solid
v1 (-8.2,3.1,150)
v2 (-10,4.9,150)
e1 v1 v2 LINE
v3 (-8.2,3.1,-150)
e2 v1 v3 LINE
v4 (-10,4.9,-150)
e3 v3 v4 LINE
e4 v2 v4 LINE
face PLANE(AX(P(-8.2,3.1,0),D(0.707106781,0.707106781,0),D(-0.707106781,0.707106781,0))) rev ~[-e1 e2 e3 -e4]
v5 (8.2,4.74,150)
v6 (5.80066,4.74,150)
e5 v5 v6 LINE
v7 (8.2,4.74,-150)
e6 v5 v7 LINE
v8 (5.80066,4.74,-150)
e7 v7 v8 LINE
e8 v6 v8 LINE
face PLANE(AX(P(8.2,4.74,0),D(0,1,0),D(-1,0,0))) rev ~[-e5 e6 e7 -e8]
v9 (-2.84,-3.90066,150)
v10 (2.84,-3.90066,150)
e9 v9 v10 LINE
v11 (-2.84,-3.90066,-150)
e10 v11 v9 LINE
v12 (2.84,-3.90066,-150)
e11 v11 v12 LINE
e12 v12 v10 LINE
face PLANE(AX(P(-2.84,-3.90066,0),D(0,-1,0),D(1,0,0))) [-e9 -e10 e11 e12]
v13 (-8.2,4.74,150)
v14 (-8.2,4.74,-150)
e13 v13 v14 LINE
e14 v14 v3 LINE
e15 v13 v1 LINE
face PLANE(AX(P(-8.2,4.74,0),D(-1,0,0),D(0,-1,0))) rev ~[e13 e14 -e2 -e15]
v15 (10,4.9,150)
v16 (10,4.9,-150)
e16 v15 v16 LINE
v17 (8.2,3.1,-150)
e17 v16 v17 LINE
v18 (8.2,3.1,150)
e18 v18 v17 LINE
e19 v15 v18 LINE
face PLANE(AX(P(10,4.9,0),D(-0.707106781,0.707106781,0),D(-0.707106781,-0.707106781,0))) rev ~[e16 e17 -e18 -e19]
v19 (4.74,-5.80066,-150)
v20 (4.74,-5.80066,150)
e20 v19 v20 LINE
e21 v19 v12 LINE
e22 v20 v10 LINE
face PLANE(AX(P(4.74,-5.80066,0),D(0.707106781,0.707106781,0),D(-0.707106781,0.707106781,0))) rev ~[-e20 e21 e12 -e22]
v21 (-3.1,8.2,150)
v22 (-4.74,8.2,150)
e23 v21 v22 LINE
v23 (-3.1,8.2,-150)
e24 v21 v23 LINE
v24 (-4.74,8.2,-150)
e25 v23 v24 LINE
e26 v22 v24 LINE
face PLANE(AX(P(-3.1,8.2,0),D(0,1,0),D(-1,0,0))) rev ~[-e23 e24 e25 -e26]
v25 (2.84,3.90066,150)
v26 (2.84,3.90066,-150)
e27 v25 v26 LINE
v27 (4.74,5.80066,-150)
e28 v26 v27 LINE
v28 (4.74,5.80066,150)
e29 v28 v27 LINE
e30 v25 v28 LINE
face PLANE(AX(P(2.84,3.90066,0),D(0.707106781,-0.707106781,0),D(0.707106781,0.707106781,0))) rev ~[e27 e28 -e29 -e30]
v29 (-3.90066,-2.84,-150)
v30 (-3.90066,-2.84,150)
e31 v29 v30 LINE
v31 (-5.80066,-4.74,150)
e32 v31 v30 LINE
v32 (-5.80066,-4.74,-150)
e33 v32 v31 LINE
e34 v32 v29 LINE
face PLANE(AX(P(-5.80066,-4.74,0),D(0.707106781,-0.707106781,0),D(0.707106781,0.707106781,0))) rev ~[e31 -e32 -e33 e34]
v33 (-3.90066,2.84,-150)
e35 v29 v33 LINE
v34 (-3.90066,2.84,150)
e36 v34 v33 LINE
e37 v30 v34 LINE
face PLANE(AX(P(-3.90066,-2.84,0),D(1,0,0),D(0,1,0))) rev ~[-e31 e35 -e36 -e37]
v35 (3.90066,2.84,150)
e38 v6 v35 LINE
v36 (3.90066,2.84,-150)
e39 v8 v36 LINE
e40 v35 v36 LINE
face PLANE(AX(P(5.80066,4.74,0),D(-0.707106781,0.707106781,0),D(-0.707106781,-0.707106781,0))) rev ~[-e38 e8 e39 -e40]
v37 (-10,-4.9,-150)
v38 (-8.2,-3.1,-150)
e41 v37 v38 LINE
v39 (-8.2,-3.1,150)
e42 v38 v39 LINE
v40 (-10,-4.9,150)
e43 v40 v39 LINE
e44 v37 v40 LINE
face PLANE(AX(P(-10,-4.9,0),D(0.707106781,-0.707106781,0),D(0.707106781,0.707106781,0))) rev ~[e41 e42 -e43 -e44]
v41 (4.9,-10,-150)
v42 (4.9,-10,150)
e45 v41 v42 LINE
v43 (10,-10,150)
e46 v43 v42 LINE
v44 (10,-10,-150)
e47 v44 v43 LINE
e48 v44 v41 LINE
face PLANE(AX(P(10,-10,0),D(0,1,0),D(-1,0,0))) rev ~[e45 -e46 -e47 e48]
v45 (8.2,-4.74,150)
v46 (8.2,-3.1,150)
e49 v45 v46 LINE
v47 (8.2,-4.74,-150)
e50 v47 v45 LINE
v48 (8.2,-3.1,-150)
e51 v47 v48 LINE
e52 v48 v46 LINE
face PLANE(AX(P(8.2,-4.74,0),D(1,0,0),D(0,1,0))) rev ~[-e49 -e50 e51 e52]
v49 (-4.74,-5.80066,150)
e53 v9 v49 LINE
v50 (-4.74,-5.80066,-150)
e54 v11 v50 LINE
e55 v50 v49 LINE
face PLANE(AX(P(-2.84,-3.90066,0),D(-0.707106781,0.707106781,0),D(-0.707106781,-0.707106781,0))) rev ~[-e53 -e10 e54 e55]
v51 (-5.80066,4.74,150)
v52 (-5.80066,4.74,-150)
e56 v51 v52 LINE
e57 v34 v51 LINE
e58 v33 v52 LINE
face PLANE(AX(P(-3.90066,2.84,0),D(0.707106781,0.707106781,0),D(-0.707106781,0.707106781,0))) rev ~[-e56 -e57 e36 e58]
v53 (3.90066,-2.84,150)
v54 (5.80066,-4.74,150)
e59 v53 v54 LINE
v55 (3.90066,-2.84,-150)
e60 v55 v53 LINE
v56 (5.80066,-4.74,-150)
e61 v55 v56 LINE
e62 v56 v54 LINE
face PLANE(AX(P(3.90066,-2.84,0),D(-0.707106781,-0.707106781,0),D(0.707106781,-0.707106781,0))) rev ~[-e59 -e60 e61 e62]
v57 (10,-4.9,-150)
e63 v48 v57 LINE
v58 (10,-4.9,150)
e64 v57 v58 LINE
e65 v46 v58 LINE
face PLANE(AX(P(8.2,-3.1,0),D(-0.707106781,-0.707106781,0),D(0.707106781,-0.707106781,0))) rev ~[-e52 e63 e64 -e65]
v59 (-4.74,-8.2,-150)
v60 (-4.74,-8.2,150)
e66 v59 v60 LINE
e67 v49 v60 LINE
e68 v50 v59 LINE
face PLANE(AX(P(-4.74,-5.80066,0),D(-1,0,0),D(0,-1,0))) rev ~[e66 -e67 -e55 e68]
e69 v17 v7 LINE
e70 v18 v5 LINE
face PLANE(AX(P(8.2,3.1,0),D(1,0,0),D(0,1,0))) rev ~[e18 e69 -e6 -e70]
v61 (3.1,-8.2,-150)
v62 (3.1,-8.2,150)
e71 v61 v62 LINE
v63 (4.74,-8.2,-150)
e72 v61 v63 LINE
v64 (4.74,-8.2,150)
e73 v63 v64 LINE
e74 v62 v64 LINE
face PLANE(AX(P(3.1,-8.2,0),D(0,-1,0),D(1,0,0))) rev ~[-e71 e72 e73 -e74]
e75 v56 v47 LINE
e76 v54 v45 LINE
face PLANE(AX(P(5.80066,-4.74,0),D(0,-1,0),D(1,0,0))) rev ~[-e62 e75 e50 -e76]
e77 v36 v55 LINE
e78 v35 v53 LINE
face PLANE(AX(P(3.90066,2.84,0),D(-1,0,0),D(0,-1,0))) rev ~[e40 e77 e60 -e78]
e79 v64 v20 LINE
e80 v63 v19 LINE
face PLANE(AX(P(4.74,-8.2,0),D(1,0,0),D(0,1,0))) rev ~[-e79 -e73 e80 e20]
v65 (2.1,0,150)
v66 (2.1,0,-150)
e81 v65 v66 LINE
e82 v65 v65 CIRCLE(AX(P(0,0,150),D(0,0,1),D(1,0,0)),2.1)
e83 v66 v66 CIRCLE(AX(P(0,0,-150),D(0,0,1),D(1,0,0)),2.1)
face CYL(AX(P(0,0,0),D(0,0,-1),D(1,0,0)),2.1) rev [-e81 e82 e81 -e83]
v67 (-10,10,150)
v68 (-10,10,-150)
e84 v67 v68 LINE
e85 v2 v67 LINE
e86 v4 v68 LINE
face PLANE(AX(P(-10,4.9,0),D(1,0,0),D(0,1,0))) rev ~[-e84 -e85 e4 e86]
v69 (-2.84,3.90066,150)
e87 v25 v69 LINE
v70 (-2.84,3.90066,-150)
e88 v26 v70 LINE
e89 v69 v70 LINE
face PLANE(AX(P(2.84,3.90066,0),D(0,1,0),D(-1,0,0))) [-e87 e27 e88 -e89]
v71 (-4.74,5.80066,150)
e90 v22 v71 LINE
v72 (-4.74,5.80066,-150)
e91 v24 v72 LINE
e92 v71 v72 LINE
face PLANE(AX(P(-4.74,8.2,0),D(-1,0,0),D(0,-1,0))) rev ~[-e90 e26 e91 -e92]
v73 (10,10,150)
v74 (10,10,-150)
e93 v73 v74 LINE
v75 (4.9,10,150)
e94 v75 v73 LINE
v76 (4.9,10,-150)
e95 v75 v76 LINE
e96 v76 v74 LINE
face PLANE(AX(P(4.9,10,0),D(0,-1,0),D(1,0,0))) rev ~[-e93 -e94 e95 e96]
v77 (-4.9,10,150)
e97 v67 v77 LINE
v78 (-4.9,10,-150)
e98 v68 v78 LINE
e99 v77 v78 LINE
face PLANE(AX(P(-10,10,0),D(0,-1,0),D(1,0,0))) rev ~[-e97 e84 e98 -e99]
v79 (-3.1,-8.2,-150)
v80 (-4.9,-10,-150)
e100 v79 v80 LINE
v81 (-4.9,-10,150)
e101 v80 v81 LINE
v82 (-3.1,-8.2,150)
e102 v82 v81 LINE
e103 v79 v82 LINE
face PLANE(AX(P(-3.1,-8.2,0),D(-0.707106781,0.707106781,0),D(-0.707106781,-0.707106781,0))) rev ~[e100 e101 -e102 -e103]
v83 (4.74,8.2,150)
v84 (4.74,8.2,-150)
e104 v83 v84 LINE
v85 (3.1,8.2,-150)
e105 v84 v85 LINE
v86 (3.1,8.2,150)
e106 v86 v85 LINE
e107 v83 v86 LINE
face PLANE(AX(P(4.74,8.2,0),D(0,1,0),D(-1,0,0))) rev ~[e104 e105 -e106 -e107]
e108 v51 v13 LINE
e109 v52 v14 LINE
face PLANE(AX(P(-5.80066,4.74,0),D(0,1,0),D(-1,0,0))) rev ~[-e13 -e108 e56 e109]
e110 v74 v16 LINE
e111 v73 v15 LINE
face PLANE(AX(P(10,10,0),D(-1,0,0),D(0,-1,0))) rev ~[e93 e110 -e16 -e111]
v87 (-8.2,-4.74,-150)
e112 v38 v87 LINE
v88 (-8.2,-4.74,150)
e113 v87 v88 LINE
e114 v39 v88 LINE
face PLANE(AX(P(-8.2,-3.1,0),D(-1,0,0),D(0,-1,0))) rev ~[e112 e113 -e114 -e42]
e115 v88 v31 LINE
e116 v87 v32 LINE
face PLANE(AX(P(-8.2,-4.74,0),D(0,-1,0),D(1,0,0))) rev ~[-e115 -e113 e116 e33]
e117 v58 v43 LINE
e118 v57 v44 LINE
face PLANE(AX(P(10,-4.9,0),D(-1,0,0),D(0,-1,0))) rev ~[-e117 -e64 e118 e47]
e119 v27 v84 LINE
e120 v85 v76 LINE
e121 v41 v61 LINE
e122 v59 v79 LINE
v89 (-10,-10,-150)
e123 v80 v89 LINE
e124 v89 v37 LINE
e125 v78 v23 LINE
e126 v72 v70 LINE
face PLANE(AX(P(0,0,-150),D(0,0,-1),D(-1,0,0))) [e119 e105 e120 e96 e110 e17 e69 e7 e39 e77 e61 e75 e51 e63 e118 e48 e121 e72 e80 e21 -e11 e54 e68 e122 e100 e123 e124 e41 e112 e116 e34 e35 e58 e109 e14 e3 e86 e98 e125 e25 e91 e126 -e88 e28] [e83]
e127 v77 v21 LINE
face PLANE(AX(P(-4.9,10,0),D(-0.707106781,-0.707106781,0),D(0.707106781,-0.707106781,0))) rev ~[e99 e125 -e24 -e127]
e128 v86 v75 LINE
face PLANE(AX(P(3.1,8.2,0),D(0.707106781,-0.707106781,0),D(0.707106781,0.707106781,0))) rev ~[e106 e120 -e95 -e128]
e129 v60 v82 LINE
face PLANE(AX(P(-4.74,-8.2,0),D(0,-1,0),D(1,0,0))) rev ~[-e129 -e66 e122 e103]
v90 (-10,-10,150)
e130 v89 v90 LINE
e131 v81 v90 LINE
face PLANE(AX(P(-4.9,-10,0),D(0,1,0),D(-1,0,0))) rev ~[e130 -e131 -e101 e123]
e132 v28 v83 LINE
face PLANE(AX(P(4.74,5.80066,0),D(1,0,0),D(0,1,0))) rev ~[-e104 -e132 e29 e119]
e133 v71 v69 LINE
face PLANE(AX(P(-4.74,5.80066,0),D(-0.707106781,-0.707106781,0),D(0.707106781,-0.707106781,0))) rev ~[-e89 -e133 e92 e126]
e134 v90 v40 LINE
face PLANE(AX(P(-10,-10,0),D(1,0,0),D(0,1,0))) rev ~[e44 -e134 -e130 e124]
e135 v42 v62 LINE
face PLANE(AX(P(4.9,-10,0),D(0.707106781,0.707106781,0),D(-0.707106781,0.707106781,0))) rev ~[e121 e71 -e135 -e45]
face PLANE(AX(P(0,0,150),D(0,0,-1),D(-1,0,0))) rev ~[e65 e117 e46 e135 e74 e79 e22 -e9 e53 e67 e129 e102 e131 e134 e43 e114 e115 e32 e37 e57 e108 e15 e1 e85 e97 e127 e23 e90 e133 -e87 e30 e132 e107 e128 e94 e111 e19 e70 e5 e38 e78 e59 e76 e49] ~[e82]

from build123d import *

# Parameters (mm, degrees)
SKETCH1_R           = 2.1
BOSS_EXTRUDE1_DEPTH = 150


with BuildPart() as part:
    # Sketch1 → Boss-Extrude1 (new, symmetric)
    with BuildSketch(Plane.XY):
        Polygon((-3.900660172, -2.84), (-3.900660172, 2.84), (-5.800660172, 4.74), (-8.2, 4.74), (-8.2, 3.1), (-10, 4.9), (-10, 10), (-4.9, 10), (-3.1, 8.2), (-4.74, 8.2), (-4.74, 5.800660172), (-2.84, 3.900660172), (0, 3.900660172), (2.84, 3.900660172), (4.74, 5.800660172), (4.74, 8.2), (3.1, 8.2), (4.9, 10), (10, 10), (10, 4.9), (8.2, 3.1), (8.2, 4.74), (5.800660172, 4.74), (3.900660172, 2.84), (3.900660172, -2.84), (5.800660172, -4.74), (8.2, -4.74), (8.2, -3.1), (10, -4.9), (10, -10), (4.9, -10), (3.1, -8.2), (4.74, -8.2), (4.74, -5.800660172), (2.84, -3.900660172), (0, -3.900660172), (-2.84, -3.900660172), (-4.74, -5.800660172), (-4.74, -8.2), (-3.1, -8.2), (-4.9, -10), (-10, -10), (-10, -4.9), (-8.2, -3.1), (-8.2, -4.74), (-5.800660172, -4.74), align=None)
        Circle(SKETCH1_R, mode=Mode.SUBTRACT)
    extrude(amount=BOSS_EXTRUDE1_DEPTH, both=True)


solid = part.part
